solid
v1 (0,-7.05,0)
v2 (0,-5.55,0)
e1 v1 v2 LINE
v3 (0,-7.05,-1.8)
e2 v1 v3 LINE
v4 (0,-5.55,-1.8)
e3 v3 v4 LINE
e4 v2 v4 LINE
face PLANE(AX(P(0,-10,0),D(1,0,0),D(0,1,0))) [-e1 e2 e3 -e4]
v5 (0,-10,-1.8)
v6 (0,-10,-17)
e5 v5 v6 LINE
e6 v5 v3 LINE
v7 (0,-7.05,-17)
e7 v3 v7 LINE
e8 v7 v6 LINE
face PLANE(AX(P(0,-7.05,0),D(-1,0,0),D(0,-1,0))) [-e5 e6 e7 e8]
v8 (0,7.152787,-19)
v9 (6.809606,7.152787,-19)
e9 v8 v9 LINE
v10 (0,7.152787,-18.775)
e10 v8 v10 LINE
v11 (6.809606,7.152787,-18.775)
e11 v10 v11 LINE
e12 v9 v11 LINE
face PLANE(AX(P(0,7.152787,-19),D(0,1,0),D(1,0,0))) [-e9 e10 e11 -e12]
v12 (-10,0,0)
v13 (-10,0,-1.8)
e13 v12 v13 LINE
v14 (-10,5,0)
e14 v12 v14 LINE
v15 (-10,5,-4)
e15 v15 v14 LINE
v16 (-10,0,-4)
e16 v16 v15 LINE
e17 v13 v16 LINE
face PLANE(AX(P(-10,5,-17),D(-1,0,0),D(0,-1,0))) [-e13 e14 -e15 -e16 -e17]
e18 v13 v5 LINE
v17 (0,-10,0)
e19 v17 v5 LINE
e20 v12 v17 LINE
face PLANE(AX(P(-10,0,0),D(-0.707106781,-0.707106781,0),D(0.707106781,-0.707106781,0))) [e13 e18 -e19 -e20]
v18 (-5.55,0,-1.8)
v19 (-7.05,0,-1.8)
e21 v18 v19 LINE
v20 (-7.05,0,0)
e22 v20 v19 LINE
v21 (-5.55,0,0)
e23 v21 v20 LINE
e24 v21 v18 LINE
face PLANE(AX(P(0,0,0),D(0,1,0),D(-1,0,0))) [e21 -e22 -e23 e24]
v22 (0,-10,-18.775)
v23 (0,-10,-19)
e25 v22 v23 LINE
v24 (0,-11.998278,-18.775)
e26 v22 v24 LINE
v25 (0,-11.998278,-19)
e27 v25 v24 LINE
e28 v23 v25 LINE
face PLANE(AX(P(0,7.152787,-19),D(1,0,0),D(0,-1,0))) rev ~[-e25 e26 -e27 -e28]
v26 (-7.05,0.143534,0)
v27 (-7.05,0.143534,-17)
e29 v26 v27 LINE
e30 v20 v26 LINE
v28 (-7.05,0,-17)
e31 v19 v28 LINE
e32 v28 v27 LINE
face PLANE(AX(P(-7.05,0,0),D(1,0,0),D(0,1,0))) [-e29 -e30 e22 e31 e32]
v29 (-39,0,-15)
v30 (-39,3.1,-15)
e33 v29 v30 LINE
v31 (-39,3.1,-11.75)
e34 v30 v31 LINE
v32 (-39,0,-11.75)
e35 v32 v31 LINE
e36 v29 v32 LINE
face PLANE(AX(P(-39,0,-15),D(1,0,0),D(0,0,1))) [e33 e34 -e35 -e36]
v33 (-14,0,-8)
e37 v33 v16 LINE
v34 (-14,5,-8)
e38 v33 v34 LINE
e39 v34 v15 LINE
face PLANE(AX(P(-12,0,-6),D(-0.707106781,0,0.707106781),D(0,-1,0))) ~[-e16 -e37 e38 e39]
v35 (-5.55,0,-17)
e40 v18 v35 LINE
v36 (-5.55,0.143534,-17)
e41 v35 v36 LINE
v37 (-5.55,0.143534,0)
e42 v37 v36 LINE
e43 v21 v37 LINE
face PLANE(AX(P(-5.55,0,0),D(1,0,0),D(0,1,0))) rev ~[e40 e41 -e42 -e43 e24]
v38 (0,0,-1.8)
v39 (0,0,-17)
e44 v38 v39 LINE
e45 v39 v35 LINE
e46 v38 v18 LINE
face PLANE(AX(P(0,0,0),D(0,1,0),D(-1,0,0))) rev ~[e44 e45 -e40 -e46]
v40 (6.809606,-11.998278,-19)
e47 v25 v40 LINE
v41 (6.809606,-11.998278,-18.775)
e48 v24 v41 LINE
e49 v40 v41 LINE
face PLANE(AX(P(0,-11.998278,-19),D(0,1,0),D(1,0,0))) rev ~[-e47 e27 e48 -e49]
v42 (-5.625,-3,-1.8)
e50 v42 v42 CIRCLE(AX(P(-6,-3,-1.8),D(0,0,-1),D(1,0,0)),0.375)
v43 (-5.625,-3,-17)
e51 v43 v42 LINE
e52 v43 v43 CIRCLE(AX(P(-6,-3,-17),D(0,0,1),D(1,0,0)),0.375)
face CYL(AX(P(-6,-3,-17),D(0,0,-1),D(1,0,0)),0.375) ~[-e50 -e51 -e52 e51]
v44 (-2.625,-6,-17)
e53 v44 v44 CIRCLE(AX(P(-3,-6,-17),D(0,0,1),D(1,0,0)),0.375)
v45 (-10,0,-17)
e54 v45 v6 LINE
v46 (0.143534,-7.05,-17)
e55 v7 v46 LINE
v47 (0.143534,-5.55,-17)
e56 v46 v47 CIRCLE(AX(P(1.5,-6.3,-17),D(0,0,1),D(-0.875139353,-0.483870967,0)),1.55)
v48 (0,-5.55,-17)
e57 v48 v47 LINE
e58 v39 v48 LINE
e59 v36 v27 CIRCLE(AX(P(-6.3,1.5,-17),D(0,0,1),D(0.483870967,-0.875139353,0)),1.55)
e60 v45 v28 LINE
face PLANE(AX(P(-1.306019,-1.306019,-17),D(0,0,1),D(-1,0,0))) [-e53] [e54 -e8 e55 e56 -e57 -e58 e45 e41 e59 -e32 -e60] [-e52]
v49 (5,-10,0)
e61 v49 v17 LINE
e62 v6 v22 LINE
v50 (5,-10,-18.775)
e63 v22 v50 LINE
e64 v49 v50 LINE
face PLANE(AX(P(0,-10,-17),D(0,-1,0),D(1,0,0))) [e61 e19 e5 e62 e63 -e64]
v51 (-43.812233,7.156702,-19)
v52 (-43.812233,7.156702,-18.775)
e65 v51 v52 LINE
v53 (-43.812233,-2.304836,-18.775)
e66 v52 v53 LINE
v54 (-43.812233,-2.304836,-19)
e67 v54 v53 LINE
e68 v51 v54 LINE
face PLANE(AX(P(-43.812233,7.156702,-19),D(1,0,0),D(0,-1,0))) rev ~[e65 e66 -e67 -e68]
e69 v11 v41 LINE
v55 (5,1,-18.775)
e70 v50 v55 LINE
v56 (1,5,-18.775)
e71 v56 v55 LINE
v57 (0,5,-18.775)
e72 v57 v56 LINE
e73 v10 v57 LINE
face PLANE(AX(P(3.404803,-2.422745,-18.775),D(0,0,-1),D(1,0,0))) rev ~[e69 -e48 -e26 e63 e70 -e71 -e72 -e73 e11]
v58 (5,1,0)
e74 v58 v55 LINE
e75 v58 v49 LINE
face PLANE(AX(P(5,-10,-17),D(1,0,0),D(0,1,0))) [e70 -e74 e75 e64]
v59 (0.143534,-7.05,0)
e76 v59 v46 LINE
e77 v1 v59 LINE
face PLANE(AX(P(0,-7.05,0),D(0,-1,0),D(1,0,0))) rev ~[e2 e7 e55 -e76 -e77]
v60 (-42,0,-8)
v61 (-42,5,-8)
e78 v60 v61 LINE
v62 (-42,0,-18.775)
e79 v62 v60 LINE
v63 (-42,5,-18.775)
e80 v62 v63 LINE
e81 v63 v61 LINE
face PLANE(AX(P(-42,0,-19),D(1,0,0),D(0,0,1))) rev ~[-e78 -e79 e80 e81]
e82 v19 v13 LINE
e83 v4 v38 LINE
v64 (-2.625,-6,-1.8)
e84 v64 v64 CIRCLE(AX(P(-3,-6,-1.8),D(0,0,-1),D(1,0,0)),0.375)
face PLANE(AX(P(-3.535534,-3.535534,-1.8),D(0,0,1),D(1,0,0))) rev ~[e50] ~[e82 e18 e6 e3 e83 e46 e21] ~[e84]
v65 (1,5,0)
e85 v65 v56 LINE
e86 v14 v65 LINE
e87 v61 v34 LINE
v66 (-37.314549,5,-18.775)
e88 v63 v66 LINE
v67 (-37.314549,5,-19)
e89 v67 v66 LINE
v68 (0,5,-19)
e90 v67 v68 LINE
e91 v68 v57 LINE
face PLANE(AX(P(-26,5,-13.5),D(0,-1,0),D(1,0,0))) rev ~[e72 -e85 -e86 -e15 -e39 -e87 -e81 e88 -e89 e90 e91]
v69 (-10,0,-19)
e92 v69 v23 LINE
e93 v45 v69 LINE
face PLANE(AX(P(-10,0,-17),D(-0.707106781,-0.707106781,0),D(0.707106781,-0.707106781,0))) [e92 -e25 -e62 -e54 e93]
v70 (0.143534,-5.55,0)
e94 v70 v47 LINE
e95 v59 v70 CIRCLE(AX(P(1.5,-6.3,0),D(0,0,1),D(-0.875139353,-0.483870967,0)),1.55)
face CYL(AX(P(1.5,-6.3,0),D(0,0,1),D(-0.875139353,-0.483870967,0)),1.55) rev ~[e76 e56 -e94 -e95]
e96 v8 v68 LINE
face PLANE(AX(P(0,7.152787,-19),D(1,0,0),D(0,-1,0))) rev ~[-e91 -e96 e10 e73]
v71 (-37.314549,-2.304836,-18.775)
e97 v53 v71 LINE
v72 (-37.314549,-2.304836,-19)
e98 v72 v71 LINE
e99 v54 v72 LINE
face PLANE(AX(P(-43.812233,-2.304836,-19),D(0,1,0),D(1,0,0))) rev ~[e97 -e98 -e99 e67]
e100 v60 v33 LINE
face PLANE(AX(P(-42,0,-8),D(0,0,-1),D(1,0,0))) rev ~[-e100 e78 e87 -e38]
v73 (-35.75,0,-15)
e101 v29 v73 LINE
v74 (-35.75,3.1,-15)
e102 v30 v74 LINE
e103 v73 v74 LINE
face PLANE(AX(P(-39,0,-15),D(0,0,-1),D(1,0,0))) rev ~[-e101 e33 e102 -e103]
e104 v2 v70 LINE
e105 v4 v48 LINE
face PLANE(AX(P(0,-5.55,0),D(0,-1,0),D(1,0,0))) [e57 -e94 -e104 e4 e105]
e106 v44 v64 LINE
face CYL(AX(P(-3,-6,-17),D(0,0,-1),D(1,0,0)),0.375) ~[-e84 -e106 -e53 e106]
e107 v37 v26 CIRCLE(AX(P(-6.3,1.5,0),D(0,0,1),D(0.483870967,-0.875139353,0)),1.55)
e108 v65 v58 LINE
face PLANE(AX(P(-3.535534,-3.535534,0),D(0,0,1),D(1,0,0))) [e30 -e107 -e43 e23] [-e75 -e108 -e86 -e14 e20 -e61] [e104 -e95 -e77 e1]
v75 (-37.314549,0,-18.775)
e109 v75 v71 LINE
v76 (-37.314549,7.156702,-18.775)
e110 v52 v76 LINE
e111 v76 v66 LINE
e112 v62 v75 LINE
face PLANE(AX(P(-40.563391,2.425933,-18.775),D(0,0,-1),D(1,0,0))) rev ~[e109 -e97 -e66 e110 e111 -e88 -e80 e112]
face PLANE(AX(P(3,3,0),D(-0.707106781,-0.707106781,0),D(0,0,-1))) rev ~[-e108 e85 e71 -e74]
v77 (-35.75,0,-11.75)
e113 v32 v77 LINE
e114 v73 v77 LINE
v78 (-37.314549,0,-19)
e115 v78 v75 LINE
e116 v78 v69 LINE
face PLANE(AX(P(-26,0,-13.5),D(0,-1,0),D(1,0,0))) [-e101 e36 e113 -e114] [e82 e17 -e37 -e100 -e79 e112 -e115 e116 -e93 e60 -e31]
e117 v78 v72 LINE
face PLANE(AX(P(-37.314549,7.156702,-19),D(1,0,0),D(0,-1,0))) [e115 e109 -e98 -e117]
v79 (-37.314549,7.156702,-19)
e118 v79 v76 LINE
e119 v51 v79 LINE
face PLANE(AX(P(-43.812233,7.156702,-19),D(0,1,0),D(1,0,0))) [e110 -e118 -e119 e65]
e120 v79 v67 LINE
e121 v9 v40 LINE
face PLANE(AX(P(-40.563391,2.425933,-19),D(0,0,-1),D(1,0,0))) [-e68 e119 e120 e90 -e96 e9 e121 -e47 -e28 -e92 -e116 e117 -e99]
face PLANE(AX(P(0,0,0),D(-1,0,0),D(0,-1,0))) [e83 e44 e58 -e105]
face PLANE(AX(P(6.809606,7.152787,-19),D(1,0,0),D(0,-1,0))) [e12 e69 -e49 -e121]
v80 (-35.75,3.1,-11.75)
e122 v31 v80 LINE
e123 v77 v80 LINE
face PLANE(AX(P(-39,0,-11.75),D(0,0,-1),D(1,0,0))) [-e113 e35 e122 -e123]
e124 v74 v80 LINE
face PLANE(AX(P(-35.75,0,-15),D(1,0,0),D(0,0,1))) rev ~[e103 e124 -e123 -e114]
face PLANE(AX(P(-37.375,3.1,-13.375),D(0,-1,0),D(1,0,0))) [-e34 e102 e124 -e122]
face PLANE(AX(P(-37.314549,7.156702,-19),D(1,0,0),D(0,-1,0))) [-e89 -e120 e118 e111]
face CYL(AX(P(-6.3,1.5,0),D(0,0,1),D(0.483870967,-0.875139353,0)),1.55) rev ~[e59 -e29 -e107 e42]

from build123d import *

# Parameters (mm, degrees)
PAD_DEPTH     = 17
PAD001_DEPTH  = 2
PAD002_DEPTH  = 1.8
SKETCH003_W   = 32
SKETCH003_H   = 11
PAD003_DEPTH  = 5
SKETCH004_W   = 3.25
SKETCH004_H   = 3.25
POCKET_DEPTH  = 3.1
SKETCH005_W   = 6.497684
SKETCH005_H   = 9.461539
SKETCH005_W_2 = 6.809606
SKETCH005_H_2 = 19.151065
PAD004_DEPTH  = 0.225
CHAMFER_SIZE  = 4
SKETCH006_R   = 0.375
PAD005_DEPTH  = 16


with BuildPart() as part:
    # Sketch → Pad (new body)
    with BuildSketch(Plane.XY):
        with BuildLine():
            Line((-10, 0), (-10, 5))
            Line((-10, 5), (5, 5))
            Line((5, 5), (5, -10))
            Line((5, -10), (0, -10))
            Line((0, -7.05), (0, -10))
            Line((0, -7.05), (0.143534, -7.05))
            ThreePointArc((0.143534, -7.05), (3.05, -6.3), (0.143534, -5.55))
            Line((0, -5.55), (0.143534, -5.55))
            Line((0, 0), (0, -5.55))
            Line((0, 0), (-5.55, 0))
            Line((-5.55, 0), (-5.55, 0.143534))
            ThreePointArc((-5.55, 0.143534), (-6.3, 3.05), (-7.05, 0.143534))
            Line((-7.05, 0), (-7.05, 0.143534))
            Line((-10, 0), (-7.05, 0))
        make_face()
    extrude(amount=-PAD_DEPTH)

    # Sketch001 (on Face16 of Pad) → Pad001 (join)
    with BuildSketch(Plane(origin=(0, 0, -17), x_dir=(1, 0, 0), z_dir=(0, 0, -1))):
        Polygon((5, -5), (-10, -5), (-10, 0), (0, 10), (5, 10), align=None)
    extrude(amount=PAD001_DEPTH)

    # Sketch002 (on Face1 of Pad001) → Pad002 (join)
    with BuildSketch(Plane.XY):
        Polygon((0, -10), (0, 0), (-10, 0), align=None)
    extrude(amount=-PAD002_DEPTH)

    # Sketch003 (on Face10 of Pad002) → Pad003 (join)
    with BuildSketch(Plane.XZ):
        with Locations((-26, -13.5)):
            Rectangle(SKETCH003_W, SKETCH003_H)
    extrude(amount=-PAD003_DEPTH)

    # Sketch004 (on Face22 of Pad003) → Pocket (cut)
    with BuildSketch(Plane.XZ):
        with Locations((-37.375, -13.375)):
            Rectangle(SKETCH004_W, SKETCH004_H)
    extrude(amount=-POCKET_DEPTH, mode=Mode.SUBTRACT)

    # Sketch005 → Pad004 (join)
    with BuildSketch(Plane(origin=(0, 0, -19), x_dir=(1, 0, 0), z_dir=(0, 0, -1))):
        with Locations((-40.563391, -2.425933)):
            Rectangle(SKETCH005_W, SKETCH005_H)
        with Locations((3.404803, 2.422745)):
            Rectangle(SKETCH005_W_2, SKETCH005_H_2)
    extrude(amount=-PAD004_DEPTH)

    # Chamfer
    chamfer_edges = [part.edges().sort_by_distance(p)[0] for p in [
        (-10, 2.5, -8),
        (5, 5, -9.3875),
    ]]
    chamfer(chamfer_edges, length=CHAMFER_SIZE)

    # Sketch006 (on Face29 of Chamfer) → Pad005 (join)
    with BuildSketch(Plane.XY.offset(-17)):
        with Locations((-6, -3)):
            Circle(SKETCH006_R)
        with Locations((-3, -6)):
            Circle(SKETCH006_R)
    extrude(amount=PAD005_DEPTH)


solid = part.part
